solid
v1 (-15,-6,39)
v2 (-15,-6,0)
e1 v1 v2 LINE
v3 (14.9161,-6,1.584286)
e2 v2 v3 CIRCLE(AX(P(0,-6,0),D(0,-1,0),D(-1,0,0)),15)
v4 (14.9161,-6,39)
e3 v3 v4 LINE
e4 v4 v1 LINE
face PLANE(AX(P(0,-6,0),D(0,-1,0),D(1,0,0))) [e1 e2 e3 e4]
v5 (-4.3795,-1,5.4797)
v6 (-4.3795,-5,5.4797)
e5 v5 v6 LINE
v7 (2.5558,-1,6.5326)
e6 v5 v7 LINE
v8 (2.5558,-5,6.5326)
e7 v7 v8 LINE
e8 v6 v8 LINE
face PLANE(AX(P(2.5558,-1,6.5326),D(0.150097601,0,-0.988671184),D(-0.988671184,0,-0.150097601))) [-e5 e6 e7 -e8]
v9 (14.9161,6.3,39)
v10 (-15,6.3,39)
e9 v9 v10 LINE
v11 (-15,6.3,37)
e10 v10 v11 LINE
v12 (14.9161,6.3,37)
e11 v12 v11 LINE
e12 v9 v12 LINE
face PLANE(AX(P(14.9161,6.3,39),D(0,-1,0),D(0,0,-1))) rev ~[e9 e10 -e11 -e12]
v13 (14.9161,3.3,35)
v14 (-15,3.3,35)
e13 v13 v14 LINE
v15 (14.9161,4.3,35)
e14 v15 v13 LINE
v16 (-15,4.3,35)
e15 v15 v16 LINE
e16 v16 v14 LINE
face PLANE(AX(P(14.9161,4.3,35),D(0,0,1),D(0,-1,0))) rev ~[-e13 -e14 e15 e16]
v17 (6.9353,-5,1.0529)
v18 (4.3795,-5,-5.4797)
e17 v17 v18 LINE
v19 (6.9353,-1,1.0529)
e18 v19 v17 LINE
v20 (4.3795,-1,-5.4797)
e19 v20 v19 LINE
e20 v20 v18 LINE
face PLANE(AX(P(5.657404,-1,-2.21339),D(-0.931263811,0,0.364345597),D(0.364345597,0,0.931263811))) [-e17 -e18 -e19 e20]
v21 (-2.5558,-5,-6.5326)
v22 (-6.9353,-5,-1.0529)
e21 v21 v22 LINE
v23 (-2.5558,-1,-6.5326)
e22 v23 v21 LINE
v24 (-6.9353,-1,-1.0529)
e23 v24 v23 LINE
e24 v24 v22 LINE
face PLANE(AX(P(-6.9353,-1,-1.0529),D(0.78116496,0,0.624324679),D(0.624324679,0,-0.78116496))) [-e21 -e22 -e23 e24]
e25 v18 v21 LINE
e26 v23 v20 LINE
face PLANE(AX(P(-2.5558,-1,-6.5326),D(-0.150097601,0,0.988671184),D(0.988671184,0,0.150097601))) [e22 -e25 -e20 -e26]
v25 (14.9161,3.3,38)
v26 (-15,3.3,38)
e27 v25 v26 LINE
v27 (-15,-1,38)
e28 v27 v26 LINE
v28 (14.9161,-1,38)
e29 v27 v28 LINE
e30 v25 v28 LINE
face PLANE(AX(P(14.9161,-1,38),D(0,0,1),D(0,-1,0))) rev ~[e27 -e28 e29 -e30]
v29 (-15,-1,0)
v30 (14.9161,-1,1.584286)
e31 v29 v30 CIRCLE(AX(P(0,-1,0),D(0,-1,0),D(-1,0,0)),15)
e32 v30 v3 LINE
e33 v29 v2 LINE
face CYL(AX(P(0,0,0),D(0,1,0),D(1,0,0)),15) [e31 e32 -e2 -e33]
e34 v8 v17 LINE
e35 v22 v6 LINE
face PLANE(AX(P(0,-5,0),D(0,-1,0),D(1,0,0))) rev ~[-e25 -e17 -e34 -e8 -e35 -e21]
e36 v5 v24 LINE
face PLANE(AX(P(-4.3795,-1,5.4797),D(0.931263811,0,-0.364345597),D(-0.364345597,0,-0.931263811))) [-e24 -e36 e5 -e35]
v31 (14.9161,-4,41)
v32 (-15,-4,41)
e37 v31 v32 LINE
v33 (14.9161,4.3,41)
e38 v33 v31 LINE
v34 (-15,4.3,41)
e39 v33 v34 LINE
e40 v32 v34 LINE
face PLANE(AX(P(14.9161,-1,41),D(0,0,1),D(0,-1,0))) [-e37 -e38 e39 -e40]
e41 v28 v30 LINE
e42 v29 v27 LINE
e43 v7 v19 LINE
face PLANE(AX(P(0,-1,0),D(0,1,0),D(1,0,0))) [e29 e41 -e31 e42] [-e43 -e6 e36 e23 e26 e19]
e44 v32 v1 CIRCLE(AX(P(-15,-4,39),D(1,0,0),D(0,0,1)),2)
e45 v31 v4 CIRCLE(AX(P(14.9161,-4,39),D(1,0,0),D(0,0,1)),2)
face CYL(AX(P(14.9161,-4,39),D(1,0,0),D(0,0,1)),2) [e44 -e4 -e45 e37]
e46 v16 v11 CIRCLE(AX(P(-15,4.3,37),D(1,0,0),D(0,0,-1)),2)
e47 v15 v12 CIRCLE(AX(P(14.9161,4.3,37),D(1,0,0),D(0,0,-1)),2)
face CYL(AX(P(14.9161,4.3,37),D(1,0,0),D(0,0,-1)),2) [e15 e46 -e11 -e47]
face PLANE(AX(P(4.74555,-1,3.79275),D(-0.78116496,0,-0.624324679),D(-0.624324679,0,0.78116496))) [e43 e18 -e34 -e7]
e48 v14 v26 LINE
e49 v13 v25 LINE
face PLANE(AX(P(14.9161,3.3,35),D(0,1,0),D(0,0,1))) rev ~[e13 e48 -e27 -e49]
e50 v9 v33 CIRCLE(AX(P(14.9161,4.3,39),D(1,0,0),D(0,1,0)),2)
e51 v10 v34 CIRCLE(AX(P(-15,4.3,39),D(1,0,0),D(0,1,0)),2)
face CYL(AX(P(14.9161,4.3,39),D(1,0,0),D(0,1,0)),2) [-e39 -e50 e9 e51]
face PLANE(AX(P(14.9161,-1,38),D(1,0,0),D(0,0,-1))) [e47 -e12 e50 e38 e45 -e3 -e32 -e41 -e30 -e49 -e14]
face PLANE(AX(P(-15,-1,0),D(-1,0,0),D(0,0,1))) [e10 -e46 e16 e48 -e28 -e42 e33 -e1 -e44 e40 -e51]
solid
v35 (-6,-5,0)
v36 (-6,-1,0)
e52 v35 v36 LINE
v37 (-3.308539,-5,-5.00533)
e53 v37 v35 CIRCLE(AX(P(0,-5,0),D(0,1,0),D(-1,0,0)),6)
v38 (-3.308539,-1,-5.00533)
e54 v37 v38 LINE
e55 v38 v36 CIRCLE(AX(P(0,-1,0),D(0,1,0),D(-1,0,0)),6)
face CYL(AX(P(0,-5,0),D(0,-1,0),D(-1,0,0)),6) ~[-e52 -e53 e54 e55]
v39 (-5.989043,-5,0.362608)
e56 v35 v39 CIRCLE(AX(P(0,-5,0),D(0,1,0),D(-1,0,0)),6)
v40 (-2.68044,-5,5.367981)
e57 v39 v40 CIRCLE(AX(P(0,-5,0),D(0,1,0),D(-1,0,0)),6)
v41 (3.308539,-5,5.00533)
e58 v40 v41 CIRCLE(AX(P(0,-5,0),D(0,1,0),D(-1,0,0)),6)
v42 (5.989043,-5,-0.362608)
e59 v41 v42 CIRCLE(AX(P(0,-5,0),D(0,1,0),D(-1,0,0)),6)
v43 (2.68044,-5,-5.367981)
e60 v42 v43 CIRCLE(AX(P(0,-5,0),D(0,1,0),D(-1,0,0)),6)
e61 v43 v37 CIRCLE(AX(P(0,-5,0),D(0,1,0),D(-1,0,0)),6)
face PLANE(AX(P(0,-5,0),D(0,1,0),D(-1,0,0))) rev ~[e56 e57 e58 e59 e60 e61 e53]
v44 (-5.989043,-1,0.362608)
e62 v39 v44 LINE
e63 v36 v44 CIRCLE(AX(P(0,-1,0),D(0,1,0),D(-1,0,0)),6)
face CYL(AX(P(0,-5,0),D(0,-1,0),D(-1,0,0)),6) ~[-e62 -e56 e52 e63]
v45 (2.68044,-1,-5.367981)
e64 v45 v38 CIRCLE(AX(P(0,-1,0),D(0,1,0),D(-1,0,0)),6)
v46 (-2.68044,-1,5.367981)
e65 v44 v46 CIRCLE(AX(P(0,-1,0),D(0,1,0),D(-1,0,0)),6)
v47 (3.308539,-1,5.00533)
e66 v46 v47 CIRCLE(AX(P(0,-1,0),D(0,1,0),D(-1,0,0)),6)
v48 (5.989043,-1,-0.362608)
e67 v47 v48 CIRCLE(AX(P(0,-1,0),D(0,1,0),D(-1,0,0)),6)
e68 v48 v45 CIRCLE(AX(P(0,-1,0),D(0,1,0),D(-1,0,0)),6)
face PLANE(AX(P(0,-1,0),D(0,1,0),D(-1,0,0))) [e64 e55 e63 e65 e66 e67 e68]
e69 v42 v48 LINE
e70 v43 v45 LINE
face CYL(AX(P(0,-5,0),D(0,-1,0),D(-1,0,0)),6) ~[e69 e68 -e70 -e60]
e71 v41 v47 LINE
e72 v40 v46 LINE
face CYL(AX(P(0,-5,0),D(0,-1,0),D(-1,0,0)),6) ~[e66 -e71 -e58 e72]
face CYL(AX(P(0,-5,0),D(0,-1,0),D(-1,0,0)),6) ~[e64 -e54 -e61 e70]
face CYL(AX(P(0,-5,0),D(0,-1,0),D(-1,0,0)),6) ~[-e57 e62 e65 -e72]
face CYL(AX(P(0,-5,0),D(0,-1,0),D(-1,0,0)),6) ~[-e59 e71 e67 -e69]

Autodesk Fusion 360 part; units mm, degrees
sketch "Boceto1" plane through (0, 0, 0) normal (0, 1, 0) x (1, 0, 0)
  circle A0 centre (0, 0) radius 11
  circle A1 centre (0, 0) radius 12
  circle A2 centre (0, 0) radius 15
  line L0 (0, 0) -> (0, -0.3305)
  dimension "d1" = 22
  dimension "d2" = 1
  dimension "d3" = 30
extrude "Extruir1" add sketch "Boceto1" against normal blind 1 contours A2 makes body 1
sketch "Boceto2" plane through (0, -1, 0) normal (0, -1, 0) x (1, 0, 0)
  circle A0 centre (0, 0) radius 12
  circle A1 centre (0, 0) radius 15
  circle A2 centre (0, 0) radius 6.075
  line L0 (-4.3795, 5.4797) -> (-6.9353, -1.0529)
  line L1 (-6.9353, -1.0529) -> (-2.5558, -6.5326)
  line L2 (-2.5558, -6.5326) -> (4.3795, -5.4797)
  line L3 (4.3795, -5.4797) -> (6.9353, 1.0529)
  line L4 (6.9353, 1.0529) -> (2.5558, 6.5326)
  line L5 (2.5558, 6.5326) -> (-4.3795, 5.4797)
  dimension "d6" = 12.15
extrude "Extruir2" add sketch "Boceto2" along normal blind 5 contours A0 | A1 bodies 1
sketch "Boceto3" plane through (0, -6, 0) normal (0, -1, 0) x (1, 0, 0)
  circle A0 centre (0, 0) radius 15
  line L0 (-4.3795, 5.4797) -> (2.5558, 6.5326)
  line L1 (2.5558, 6.5326) -> (6.9353, 1.0529)
  line L2 (6.9353, 1.0529) -> (4.3795, -5.4797)
  line L3 (4.3795, -5.4797) -> (-2.5558, -6.5326)
  line L4 (-2.5558, -6.5326) -> (-6.9353, -1.0529)
  line L5 (-6.9353, -1.0529) -> (-4.3795, 5.4797)
extrude "Extruir3" add sketch "Boceto3" against normal blind 1 contours L0 L1 L2 L3 L4 L5 bodies 1
sketch "Boceto4" plane through (0, -5, 0) normal (0, 1, 0) x (-1, 0, 0)
  circle A0 centre (0, 0) radius 6
  line L0 (-0.4187, 6.9155) -> (-6.1984, 3.0951)
  line L1 (-6.1984, 3.0951) -> (-5.7797, -3.8204)
  line L2 (-5.7797, -3.8204) -> (0.4187, -6.9155)
  line L3 (0.4187, -6.9155) -> (6.1984, -3.0951)
  line L4 (6.1984, -3.0951) -> (5.7797, 3.8204)
  line L5 (5.7797, 3.8204) -> (-0.4187, 6.9155)
  line L6 (2.5558, -6.5326) -> (6.9353, -1.0529)
  line L7 (6.9353, -1.0529) -> (4.3795, 5.4797)
  line L8 (4.3795, 5.4797) -> (-2.5558, 6.5326)
  line L9 (-2.5558, 6.5326) -> (-6.9353, 1.0529)
  line L10 (-6.9353, 1.0529) -> (-4.3795, -5.4797)
  line L11 (-4.3795, -5.4797) -> (2.5558, -6.5326)
  dimension "d11" = 12
extrude "Extruir4" add sketch "Boceto4" along normal blind 4 separate body contours A0 makes body 2
copy_body "Cuerpo - > Comp.1" bodies 1 removing the originals makes body 3 in component "Tapa Rodamiento"
copy_body "Cuerpo - > Comp.2" bodies 2 removing the originals makes body 4 in component "Imán 12x4mm"
extrude "Extruir1'" cut 1 faces at (13.8995, 0, 1.3414) along direction (0, -1, 0) up to surface (1 mm away) on bodies 3 bodies 3 in component "Tapa Rodamiento"
sketch "Boceto5" plane through (0, -1, 0) normal (0, 1, 0) x (-1, 0, 0)
  line L0 (-2.5558, 6.5326) -> (4.3795, 5.4797)
  line L1 (4.3795, 5.4797) -> (6.9353, -1.0529)
  line L2 (6.9353, -1.0529) -> (2.5558, -6.5326)
  line L3 (2.5558, -6.5326) -> (-4.3795, -5.4797)
  line L4 (-4.3795, -5.4797) -> (-6.9353, 1.0529)
  line L5 (-6.9353, 1.0529) -> (-2.5558, 6.5326)
  line L6 (0, 0) -> (-14.9161, 0)
  line L7 (0, 0) -> (0, 38)
  line L8 (-14.9161, 0) -> (15, 0)
  line L9 (15, 0) -> (15, 38)
  line L10 (15, 38) -> (-14.9161, 38)
  line L11 (-14.9161, 38) -> (-14.9161, 0)
  circle A0 centre (0, 0) radius 15
  dimension "d18" = 38
extrude "Extruir2'" add sketch "Boceto5" against normal blind 5 contours L7 L10 L11 A0 | L7 L9 L10 A0 bodies 3 in component "Tapa Rodamiento"
sketch "Boceto6" plane through (14.9161, 0, 0) normal (1, 0, 0) x (0, 1, 0)
  line L0 (-1, 1.5845) -> (-1, 38)
  line L1 (-1, 38) -> (-6, 38)
  line L2 (-6, 38) -> (-6, 1.5845)
  line L3 (-6, 1.5845) -> (-1, 1.5845)
  line L4 (-6, 38) -> (-1, 38)
  line L5 (-1, 38) -> (-1, 41)
  line L6 (-1, 41) -> (-4, 41)
  line L7 (-6, 39) -> (-6, 38)
  line L8 (-1, 41) -> (3.3, 41)
  line L9 (3.3, 41) -> (3.3, 38)
  line L10 (3.3, 38) -> (-1, 38)
  line L11 (-1, 38) -> (-1, 41)
  line L12 (3.3, 41) -> (4.3, 41)
  line L13 (6.3, 39) -> (6.3, 37)
  line L14 (4.3, 35) -> (3.3, 35)
  line L15 (3.3, 35) -> (3.3, 41)
  arc A0 (4.3, 35) -> (6.3, 37) centre (4.3, 37) ccw
  arc A1 (6.3, 39) -> (4.3, 41) centre (4.3, 39) ccw
  arc A2 (-4, 41) -> (-6, 39) centre (-4, 39) ccw
  point P0 (6.3, 41)
  dimension "d21" = 4.3
  dimension "d22" = 3
  dimension "d23" = 2
  dimension "d24" = 2
  dimension "d25" = 2
extrude "Extruir3'" add sketch "Boceto6" against normal up to surface (29.9161 mm away) contours L1 L4 L5 L6 L7 L11 A2 | L5 L8 L9 L10 L11 L15 | L9 L12 L13 L14 L15 A0 A1 bodies 3 in component "Tapa Rodamiento"
component "Tapa Rodamiento" placed x (1, 0, 0) y (0, 1, 0) z (0, 0, 1) at (0, 0, 0)
component "Imán 12x4mm" placed x (1, 0, 0) y (0, 1, 0) z (0, 0, 1) at (0, 0, 0)
